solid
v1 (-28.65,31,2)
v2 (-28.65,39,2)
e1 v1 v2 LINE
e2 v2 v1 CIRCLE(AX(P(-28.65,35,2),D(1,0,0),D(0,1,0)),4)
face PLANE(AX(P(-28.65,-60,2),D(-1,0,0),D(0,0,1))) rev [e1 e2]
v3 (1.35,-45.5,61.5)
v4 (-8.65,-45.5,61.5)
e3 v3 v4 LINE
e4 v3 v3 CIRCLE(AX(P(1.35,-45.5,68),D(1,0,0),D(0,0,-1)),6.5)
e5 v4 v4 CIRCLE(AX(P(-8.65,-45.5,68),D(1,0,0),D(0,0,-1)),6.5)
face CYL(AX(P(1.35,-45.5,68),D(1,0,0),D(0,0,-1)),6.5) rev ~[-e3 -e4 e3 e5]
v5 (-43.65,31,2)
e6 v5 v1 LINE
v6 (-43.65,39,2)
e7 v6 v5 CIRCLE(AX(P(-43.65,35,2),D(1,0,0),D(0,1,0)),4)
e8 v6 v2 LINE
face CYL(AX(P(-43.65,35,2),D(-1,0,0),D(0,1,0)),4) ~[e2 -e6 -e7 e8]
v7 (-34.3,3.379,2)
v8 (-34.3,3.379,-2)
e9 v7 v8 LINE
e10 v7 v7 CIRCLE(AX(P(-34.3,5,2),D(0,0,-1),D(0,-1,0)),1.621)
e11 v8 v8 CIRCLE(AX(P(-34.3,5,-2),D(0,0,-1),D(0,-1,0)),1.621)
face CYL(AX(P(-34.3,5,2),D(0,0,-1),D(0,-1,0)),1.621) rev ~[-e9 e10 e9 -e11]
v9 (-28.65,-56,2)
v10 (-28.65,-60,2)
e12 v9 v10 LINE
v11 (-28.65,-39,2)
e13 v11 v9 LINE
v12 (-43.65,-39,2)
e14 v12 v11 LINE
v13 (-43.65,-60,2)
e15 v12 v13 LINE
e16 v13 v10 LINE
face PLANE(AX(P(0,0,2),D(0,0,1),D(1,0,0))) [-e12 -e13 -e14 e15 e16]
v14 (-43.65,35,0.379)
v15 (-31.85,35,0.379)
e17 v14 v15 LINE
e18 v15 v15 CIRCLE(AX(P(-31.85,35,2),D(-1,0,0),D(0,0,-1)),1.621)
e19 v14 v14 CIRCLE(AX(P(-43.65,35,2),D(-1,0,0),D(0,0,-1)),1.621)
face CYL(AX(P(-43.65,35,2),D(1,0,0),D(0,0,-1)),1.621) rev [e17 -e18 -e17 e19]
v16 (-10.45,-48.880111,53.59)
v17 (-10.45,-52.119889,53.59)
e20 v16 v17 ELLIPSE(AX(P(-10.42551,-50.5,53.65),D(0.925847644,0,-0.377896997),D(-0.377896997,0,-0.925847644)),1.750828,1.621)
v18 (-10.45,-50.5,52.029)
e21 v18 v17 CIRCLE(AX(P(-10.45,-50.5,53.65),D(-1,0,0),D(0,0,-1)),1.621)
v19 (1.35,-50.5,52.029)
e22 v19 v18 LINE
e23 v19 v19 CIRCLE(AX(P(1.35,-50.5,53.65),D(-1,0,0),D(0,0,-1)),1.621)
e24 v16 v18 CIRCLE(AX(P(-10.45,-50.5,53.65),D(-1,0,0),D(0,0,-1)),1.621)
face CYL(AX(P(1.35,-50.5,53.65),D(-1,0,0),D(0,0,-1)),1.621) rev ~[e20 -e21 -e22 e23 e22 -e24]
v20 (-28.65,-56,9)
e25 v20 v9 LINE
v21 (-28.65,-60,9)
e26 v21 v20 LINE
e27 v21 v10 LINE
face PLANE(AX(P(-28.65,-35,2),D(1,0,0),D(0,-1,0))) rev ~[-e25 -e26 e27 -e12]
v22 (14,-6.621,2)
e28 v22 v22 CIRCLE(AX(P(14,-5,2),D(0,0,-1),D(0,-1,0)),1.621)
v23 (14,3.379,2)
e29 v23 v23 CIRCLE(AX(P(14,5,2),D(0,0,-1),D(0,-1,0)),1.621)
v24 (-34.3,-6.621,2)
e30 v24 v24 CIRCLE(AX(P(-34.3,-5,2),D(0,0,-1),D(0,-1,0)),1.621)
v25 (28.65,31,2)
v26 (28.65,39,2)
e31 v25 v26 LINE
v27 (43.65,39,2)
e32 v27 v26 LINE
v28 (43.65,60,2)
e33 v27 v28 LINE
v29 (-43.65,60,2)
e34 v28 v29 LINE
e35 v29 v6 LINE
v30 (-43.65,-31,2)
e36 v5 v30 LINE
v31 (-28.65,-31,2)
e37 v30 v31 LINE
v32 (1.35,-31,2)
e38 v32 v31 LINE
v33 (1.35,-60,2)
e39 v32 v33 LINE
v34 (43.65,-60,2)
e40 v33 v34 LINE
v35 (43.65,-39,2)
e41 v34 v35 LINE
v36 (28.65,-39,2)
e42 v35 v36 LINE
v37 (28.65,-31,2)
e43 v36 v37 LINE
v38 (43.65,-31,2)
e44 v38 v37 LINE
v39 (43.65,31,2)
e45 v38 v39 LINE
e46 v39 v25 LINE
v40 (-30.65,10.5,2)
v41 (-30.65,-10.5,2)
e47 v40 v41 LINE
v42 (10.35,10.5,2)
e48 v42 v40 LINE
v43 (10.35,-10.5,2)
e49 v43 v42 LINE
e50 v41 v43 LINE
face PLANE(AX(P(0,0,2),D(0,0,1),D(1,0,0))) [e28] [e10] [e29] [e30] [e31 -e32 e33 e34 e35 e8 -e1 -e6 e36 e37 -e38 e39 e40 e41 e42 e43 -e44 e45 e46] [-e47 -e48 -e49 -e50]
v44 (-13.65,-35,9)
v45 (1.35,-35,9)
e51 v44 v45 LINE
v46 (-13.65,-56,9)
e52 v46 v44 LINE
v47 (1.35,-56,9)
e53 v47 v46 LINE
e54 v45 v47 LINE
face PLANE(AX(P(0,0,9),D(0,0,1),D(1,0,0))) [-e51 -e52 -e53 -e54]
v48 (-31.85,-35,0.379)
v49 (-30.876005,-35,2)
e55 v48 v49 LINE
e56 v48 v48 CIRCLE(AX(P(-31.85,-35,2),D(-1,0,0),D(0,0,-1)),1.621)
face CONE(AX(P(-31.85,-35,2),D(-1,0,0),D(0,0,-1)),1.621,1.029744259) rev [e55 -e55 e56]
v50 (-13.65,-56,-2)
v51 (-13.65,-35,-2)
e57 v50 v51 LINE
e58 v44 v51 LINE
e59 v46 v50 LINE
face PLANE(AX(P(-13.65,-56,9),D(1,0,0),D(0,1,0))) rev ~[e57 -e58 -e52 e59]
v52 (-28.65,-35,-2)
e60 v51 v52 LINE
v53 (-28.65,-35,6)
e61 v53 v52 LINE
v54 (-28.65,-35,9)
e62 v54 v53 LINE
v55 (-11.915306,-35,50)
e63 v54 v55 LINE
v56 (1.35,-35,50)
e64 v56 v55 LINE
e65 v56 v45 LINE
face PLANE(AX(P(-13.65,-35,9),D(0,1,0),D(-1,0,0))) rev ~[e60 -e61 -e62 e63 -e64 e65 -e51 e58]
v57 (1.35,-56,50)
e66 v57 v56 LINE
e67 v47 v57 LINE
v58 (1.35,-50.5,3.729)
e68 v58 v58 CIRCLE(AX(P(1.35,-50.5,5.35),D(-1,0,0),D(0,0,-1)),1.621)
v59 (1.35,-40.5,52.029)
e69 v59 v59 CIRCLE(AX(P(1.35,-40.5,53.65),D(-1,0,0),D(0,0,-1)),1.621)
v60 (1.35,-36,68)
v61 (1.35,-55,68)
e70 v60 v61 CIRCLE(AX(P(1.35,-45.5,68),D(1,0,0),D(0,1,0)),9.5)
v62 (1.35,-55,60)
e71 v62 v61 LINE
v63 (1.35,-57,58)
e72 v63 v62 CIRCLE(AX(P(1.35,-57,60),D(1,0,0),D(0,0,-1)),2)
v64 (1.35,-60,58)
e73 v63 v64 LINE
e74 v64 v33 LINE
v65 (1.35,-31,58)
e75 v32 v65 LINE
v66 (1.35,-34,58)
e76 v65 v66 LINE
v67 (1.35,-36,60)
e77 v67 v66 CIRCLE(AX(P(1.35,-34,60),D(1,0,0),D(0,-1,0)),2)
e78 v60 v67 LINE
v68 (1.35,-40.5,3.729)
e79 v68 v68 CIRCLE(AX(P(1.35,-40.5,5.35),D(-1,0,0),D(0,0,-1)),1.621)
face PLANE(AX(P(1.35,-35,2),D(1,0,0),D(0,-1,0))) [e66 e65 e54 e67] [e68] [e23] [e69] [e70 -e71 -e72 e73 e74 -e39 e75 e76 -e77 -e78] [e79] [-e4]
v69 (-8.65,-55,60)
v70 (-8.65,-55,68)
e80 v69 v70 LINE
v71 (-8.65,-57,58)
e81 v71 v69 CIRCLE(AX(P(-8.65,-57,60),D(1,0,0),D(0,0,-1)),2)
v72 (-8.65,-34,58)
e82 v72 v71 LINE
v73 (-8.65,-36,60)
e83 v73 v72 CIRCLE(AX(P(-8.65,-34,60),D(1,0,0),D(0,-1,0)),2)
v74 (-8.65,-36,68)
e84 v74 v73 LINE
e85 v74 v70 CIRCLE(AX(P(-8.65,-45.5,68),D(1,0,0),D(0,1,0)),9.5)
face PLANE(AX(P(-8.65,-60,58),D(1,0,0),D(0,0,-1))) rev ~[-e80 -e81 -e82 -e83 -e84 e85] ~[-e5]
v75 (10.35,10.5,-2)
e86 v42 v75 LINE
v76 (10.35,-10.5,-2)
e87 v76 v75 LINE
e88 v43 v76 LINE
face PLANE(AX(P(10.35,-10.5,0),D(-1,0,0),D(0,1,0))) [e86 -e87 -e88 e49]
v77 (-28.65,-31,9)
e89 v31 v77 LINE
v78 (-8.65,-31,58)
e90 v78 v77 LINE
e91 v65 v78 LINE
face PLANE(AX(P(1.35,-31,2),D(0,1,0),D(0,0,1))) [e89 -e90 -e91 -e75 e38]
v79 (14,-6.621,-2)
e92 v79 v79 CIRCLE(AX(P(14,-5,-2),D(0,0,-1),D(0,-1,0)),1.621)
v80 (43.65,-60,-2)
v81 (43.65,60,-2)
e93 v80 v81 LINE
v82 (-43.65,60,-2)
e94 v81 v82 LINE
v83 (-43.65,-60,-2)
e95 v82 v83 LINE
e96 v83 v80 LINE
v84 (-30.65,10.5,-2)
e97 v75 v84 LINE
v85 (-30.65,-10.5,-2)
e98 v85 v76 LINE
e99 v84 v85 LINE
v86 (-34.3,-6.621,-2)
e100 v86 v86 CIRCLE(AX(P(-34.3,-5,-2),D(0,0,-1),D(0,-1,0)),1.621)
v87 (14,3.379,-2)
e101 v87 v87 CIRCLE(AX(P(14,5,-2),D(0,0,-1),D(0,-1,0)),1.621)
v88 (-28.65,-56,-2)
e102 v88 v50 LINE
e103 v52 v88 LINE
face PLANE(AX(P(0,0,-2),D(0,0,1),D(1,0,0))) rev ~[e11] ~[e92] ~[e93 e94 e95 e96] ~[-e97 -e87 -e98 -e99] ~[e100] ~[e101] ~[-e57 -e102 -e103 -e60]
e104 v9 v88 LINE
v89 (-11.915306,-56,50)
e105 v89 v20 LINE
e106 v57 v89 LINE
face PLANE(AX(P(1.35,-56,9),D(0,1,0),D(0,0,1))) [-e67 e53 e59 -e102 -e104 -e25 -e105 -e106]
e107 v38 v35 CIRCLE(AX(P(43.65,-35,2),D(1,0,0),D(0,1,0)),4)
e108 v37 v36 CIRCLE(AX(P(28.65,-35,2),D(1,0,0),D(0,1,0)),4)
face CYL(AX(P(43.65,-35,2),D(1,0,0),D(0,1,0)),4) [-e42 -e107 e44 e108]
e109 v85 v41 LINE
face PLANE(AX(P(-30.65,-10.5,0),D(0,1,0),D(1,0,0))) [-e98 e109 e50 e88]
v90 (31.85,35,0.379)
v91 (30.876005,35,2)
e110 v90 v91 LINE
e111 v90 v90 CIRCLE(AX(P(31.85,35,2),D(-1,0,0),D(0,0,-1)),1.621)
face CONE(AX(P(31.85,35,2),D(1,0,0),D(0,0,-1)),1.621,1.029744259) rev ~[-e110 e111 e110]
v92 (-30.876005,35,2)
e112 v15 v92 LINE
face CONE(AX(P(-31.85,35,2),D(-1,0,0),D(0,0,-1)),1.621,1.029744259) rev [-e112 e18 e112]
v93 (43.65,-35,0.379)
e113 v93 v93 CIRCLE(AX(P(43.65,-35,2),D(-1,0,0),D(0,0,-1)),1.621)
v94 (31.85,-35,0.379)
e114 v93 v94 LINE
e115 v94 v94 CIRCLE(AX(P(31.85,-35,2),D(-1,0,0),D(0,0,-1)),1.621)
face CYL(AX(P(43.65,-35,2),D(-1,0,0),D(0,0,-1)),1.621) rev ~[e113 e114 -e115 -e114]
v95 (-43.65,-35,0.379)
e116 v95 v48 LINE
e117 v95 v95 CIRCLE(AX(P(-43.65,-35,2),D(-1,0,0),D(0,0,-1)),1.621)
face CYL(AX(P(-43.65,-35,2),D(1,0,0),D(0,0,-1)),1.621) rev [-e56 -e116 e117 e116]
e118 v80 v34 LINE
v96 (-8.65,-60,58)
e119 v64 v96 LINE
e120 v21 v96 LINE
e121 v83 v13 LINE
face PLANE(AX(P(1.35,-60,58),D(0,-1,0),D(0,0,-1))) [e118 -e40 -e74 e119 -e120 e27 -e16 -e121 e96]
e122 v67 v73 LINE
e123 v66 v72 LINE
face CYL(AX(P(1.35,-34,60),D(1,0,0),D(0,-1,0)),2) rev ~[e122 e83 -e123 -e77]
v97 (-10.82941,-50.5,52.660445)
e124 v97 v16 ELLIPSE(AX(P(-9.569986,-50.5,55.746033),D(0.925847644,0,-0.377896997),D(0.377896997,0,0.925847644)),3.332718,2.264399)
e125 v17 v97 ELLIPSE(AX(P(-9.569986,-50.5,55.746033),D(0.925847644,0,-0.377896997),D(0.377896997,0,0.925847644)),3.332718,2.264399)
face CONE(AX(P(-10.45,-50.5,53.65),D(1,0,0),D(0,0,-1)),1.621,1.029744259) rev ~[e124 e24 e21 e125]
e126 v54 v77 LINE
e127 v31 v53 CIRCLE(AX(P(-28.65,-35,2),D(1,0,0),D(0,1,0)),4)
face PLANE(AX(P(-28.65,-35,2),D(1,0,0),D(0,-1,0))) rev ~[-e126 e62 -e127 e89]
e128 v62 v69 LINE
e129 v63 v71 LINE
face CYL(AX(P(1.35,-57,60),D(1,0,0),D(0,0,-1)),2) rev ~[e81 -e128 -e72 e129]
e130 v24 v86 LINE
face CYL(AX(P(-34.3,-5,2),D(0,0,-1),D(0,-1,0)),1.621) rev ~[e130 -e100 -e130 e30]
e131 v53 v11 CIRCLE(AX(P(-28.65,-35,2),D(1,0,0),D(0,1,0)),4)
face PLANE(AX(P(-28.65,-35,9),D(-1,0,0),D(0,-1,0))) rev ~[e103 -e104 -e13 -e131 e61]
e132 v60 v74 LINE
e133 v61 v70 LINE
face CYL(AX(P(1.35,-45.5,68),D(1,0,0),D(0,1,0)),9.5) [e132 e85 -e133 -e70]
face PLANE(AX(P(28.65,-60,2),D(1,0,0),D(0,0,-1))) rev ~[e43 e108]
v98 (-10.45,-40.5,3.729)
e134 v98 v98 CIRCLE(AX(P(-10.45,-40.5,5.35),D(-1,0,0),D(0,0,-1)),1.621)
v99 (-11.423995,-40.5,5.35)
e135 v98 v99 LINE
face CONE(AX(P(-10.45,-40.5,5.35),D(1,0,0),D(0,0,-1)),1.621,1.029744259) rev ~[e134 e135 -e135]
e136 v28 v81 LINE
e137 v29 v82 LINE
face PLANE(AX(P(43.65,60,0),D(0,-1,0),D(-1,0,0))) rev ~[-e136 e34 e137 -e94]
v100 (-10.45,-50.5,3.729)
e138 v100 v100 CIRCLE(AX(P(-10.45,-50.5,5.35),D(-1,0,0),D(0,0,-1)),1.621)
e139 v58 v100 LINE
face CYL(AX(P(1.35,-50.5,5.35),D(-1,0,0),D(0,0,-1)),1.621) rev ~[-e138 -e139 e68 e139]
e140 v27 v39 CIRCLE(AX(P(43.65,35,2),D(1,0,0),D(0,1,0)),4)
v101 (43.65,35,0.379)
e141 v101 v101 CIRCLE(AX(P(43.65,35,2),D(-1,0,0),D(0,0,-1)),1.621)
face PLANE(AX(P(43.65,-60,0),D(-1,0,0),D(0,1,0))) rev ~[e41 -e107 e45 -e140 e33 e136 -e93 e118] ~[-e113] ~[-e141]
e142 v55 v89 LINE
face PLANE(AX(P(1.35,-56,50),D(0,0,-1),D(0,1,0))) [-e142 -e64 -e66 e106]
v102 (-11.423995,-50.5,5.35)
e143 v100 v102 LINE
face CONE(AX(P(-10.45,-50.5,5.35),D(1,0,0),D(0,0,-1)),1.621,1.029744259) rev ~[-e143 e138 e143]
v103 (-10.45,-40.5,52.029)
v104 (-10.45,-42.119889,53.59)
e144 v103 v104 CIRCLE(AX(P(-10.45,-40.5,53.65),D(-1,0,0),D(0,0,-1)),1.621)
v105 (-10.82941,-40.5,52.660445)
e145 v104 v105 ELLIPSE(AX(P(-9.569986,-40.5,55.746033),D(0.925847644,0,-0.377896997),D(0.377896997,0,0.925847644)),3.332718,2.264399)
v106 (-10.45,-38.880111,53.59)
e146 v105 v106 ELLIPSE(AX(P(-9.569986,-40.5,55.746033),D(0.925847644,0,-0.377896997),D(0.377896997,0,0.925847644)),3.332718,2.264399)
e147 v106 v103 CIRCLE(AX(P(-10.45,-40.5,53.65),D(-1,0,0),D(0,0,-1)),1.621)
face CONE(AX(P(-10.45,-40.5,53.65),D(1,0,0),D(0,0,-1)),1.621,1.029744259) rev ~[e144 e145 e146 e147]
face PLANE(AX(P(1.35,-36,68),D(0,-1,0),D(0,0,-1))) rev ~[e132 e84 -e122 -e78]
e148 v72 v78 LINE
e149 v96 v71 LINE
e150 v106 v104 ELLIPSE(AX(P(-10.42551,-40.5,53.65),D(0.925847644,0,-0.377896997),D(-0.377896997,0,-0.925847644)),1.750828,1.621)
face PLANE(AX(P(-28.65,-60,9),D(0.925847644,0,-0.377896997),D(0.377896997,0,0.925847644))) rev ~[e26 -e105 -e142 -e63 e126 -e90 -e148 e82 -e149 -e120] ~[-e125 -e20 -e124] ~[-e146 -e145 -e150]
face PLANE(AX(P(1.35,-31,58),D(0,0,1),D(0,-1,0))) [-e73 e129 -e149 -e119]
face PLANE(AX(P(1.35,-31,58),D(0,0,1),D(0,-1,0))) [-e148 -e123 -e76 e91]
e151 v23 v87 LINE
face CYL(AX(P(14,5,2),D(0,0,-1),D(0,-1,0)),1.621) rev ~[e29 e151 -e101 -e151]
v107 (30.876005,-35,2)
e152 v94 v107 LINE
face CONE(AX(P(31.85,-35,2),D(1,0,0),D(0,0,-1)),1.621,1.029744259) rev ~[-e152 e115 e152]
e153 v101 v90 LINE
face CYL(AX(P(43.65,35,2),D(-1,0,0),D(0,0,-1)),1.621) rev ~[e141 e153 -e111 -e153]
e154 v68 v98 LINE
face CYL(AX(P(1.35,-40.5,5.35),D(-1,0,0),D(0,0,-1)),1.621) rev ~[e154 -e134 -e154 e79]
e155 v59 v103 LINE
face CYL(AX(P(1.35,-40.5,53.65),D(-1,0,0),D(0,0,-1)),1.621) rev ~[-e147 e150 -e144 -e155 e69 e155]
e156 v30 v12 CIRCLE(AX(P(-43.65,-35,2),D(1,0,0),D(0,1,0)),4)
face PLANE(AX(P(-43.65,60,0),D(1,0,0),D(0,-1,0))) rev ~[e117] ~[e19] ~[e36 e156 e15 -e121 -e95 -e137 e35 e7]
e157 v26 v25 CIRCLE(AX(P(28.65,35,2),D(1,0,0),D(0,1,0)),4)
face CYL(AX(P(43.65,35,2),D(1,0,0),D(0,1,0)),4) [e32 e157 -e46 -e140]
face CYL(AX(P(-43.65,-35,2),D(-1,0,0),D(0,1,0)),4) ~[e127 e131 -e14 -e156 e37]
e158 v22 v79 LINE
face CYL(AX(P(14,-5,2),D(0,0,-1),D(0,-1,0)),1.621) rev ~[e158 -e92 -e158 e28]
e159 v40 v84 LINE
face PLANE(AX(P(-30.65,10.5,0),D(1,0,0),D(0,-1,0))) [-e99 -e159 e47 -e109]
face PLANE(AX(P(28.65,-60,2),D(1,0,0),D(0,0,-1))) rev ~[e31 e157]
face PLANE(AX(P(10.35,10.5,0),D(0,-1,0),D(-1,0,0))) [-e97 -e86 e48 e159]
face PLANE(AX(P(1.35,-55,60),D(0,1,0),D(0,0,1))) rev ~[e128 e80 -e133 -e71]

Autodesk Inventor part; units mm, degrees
ref_plane "YZ Plane" through (0, 0, 0) normal (1, 0, 0) x (0, 1, 0)
ref_plane "XZ Plane" through (0, 0, 0) normal (0, 1, 0) x (-1, 0, 0)
ref_plane "XY Plane" through (0, 0, 0) normal (0, 0, 1) x (1, 0, 0)
sketch "Sketch1" plane through (0, 0, 0) normal (0, 0, 1) x (1, 0, 0)
  line L0 (-30.65, -10.5) -> (10.35, -10.5)
  line L1 (10.35, -10.5) -> (10.35, 10.5)
  line L2 (10.35, 10.5) -> (-30.65, 10.5)
  line L3 (-30.65, 10.5) -> (-30.65, -10.5)
  line L4 (-30.65, -10.5) -> (10.35, 10.5) construction
  line L5 (10.35, -10.5) -> (-30.65, 10.5) construction
  line L6 (-43.65, -60) -> (43.65, -60)
  line L7 (43.65, -60) -> (43.65, 60)
  line L8 (43.65, 60) -> (-43.65, 60)
  line L9 (-43.65, 60) -> (-43.65, -60)
  line L10 (-43.65, -60) -> (43.65, 60) construction
  line L11 (43.65, -60) -> (-43.65, 60) construction
  point P0 (-10.15, 0)
  point P1 (0, 0)
  point P2 (-10.15, 0)
  point P3 (0, 0)
  dimension "d0" = 41
  dimension "d1" = 21
  dimension "d2" = 87.3
  dimension "d3" = 120
  dimension "d4" = 10.15
extrude "Extrusion1" add sketch "Sketch1" along normal mid plane 4
sketch "Sketch2" plane through (0, 0, 2) normal (0, 0, 1) x (1, 0, 0)
  line L0 (14, -5) -> (-34.3, -5) construction
  line L1 (-34.3, -5) -> (-34.3, 5) construction
  line L2 (-34.3, 5) -> (14, 5) construction
  line L3 (14, 5) -> (14, -5) construction
  line L4 (14, -5) -> (-34.3, 5) construction
  line L5 (-34.3, -5) -> (14, 5) construction
  point P0 (0, 0)
  point P1 (-10.15, 0)
  point P2 (-10.15, 0)
  dimension "d7" = 48.3
  dimension "d8" = 10
  dimension "d9" = 14
hole "Hole1" at (-34.3, 5, 2) at (-34.3, -5, 2) at (14, -5, 2) at (14, 5, 2) direction (0, 0, -1) diameter 3.242 end through all thread size "M4x0.7" class "6H" standard "ANSI Metric M Profile"
sketch "Sketch3" plane through (43.65, -60, 2) normal (1, 0, 0) x (0, 0, -1)
  line L0 (4, 120) -> (0, 120) projected
  line L1 (0, 0) -> (0, 120) projected
  line L2 (4, 0) -> (0, 0) projected
  line L3 (4, 120) -> (4, 0) projected
  line L4 (0, 0) -> (0, 120) projected
  arc A0 (0, 29) -> (0, 21) centre (0, 25) ccw
  arc A1 (0, 99) -> (0, 91) centre (0, 95) ccw
  line L5 (0, 95) -> (0, 25) construction
  point P0 (2, 60)
  point P1 (0, 60)
  dimension "d17" = 70
extrude "Extrusion2" add sketch "Sketch3" against normal blind 15 contours L1 A1 | A0 L1
sketch "Sketch4" plane through (43.65, -60, -2) normal (1, 0, 0) x (0, 0, -1)
  line L0 (0, 120) -> (-4, 120) projected
  line L1 (-4, 99) -> (-4, 120) projected
  arc A0 (-4, 99) -> (-4, 91) centre (-4, 95) ccw projected
  line L2 (-4, 29) -> (-4, 91) projected
  arc A1 (-4, 29) -> (-4, 21) centre (-4, 25) ccw projected
  line L3 (-4, 0) -> (-4, 21) projected
  line L4 (0, 0) -> (-4, 0) projected
  line L5 (0, 120) -> (0, 0) projected
  point P0 (-2, 60)
hole "Hole2" at (43.65, 35, 2) at (43.65, -35, 2) direction (-1, 0, 0) diameter 3.242 depth 11.8 tip angle 118 thread size "M4x0.7" class "6H" standard "ANSI Metric M Profile"
mirror "Mirror1" about plane through (0, 0, 0) normal (1, 0, 0) of "Extrusion2", "Hole2"
sketch "Sketch5" plane through (0, 0, 2) normal (0, 0, 1) x (1, 0, 0)
  circle A0 centre (14, -5) radius 1.621 projected
  circle A1 centre (-34.3, 5) radius 1.621 projected
  circle A2 centre (-34.3, -5) radius 1.621 projected
  circle A3 centre (14, 5) radius 1.621 projected
  line L0 (-30.65, -10.5) -> (-30.65, 10.5) projected
  line L1 (-30.65, 10.5) -> (10.35, 10.5) projected
  line L2 (10.35, 10.5) -> (10.35, -10.5) projected
  line L3 (10.35, -10.5) -> (-30.65, -10.5) projected
  line L4 (-43.65, -31) -> (-28.65, -31) projected
  line L5 (-28.65, -31) -> (-28.65, -39) projected
  line L6 (-28.65, -39) -> (-43.65, -39) projected
  line L7 (-43.65, -39) -> (-43.65, -60) projected
  line L8 (-43.65, -60) -> (43.65, -60) projected
  line L9 (43.65, -60) -> (43.65, -39) projected
  line L10 (43.65, -39) -> (28.65, -39) projected
  line L11 (28.65, -39) -> (28.65, -31) projected
  line L12 (28.65, -31) -> (43.65, -31) projected
  line L13 (43.65, -31) -> (43.65, 31) projected
  line L14 (43.65, 31) -> (28.65, 31) projected
  line L15 (28.65, 31) -> (28.65, 39) projected
  line L16 (28.65, 39) -> (43.65, 39) projected
  line L17 (43.65, 39) -> (43.65, 60) projected
  line L18 (43.65, 60) -> (-43.65, 60) projected
  line L19 (-43.65, 60) -> (-43.65, 39) projected
  line L20 (-43.65, 39) -> (-28.65, 39) projected
  line L21 (-28.65, 39) -> (-28.65, 31) projected
  line L22 (-28.65, 31) -> (-43.65, 31) projected
  line L23 (-43.65, 31) -> (-43.65, -31) projected
  line L24 (-28.65, -35) -> (1.35, -35)
  line L25 (1.35, -35) -> (1.35, -56)
  line L26 (1.35, -56) -> (-28.65, -56)
  line L27 (-28.65, -56) -> (-28.65, -35)
  line L28 (-28.65, -31) -> (-28.65, -39) projected
  line L29 (10.35, 10.5) -> (10.35, -10.5) projected
  point P0 (0, 0)
  dimension "d27" = 45
  dimension "d28" = 4
extrude "Extrusion3" add sketch "Sketch5" along normal blind 7 contours L24 L25 L26 L27 L5
sketch "Sketch6" plane through (1.35, -56, 2) normal (1, 0, 0) x (0, 0, -1)
  line L0 (0, 21) -> (0, 0) projected
  line L1 (0, 21) -> (-7, 21) projected
  line L2 (-7, 0) -> (-7, 21) projected
  line L3 (0, 0) -> (-7, 0) projected
  line L4 (-56, -4) -> (0, -4)
  line L5 (0, -4) -> (0, 25)
  line L6 (0, 25) -> (-56, 25)
  line L7 (-56, 25) -> (-56, -4)
  line L8 (-7, 0) -> (-48, 0)
  line L9 (-48, 0) -> (-48, 21)
  line L10 (-48, 21) -> (-7, 21)
  line L11 (-7, 21) -> (-7, 0)
  line L12 (0, 25) -> (0, 87) projected
  line L13 (0, -4) -> (4, -4) projected
  point P0 (2, 56)
  point P1 (0, 10.5)
  dimension "d31" = 41
  dimension "d32" = 8
extrude "Extrusion4" add sketch "Sketch6" against normal up to surface (30 mm away) contours L0 L3 L2 L1 | L1 L10 L9 L8 L3 L5 L4 L7 L6
sketch "Sketch8" plane through (1.35, -60, 58) normal (1, 0, 0) x (0, 0, -1)
  line L0 (56, 29) -> (56, 0) projected
  line L1 (4.35, 9.5) -> (52.65, 9.5) construction
  line L2 (52.65, 9.5) -> (52.65, 19.5) construction
  line L3 (52.65, 19.5) -> (4.35, 19.5) construction
  line L4 (4.35, 19.5) -> (4.35, 9.5) construction
  line L5 (56, 29) -> (0, 29) projected
  line L6 (0, 29) -> (0, 0) projected
  line L7 (0, 0) -> (56, 0) projected
  point P0 (58, 60)
  point P1 (4.35, 14.5)
  point P2 (8, 14.5)
  point P3 (28.5, 19.5)
  point P4 (28.5, 25)
  dimension "d38" = 48.3
  dimension "d39" = 10
hole "Hole3" at (1.35, -50.5, 53.65) at (1.35, -40.5, 53.65) at (1.35, -40.5, 5.35) at (1.35, -50.5, 5.35) direction (-1, 0, 0) diameter 3.242 depth 11.8 tip angle 118 thread size "M4x0.7" class "6H" standard "ANSI Metric M Profile"
sketch "Sketch9" plane through (-43.65, -60, -2) normal (0, -1, 0) x (1, 0, 0)
  line L0 (87.3, 0) -> (87.3, 4) projected
  line L1 (45, 4) -> (87.3, 4) projected
  line L2 (45, 60) -> (45, 4) projected
  line L3 (45, 60) -> (15, 60) projected
  line L4 (15, 60) -> (15, 4) projected
  line L5 (0, 4) -> (15, 4) projected
  line L6 (0, 4) -> (0, 0) projected
  line L7 (87.3, 0) -> (0, 0) projected
  line L8 (15, 11) -> (45, 11) projected
  line L9 (15, 11) -> (35, 60)
  point P0 (43.65, 2)
  dimension "d47" = 10
extrude "Extrusion6" cut sketch "Sketch9" against normal through all contours L4 L3 L9
sketch "Sketch10" plane through (1.35, -60, 58) normal (1, 0, 0) x (0, 0, -1)
  circle A0 centre (52.65, 19.5) radius 1.621 projected
  circle A1 centre (4.35, 9.5) radius 1.621 projected
  circle A2 centre (4.35, 19.5) radius 1.621 projected
  circle A3 centre (52.65, 9.5) radius 1.621 projected
  line L0 (56, 29) -> (56, 0) projected
  line L1 (56, 29) -> (0, 29) projected
  line L2 (0, 29) -> (0, 0) projected
  line L3 (0, 0) -> (56, 0) projected
  line L4 (49, 4) -> (8, 4) projected
  line L5 (8, 4) -> (8, 25) projected
  line L6 (8, 25) -> (49, 25) projected
  line L7 (49, 4) -> (49, 25) projected
  circle A4 centre (-10, 14.5) radius 6.5
  arc A5 (0, 3) -> (-2, 5) centre (-2, 3) ccw
  line L8 (0, 29) -> (0, 0) projected
  arc A6 (-2, 24) -> (0, 26) centre (-2, 26) ccw
  line L9 (-2, 5) -> (-10, 5)
  arc A7 (-10, 24) -> (-10, 5) centre (-10, 14.5) ccw
  line L10 (-10, 24) -> (-2, 24)
  point P0 (58, 60)
  point P1 (0, 14.5)
  dimension "d50" = 13
  dimension "d51" = 10
  dimension "d52" = 3
  dimension "d53" = 2
extrude "Extrusion7" add sketch "Sketch10" against normal blind 10 contours L2 A5 L9 A7 L10 A6
sketch "Sketch11" plane through (0, 0, 9) normal (0, 0, 1) x (1, 0, 0)
  line L0 (1.35, -35) -> (-28.65, -35) projected
  line L1 (-28.65, -35) -> (-28.65, -56) projected
  line L2 (-28.65, -56) -> (1.35, -56) projected
  line L3 (1.35, -56) -> (1.35, -35) projected
  line L4 (1.35, -35) -> (-28.65, -35) projected
  line L5 (-28.65, -56) -> (-13.65, -56)
  line L6 (-13.65, -56) -> (-13.65, -35)
  line L7 (-13.65, -35) -> (-28.65, -35)
  line L8 (-28.65, -35) -> (-28.65, -56)
  point P0 (0, 0)
  dimension "d56" = 15
extrude "Extrusion8" cut sketch "Sketch11" against normal through all contours L6 L2 L1 L0
properties part number "Ground_Tracker_ServoMount" material "ABS Plastic"
